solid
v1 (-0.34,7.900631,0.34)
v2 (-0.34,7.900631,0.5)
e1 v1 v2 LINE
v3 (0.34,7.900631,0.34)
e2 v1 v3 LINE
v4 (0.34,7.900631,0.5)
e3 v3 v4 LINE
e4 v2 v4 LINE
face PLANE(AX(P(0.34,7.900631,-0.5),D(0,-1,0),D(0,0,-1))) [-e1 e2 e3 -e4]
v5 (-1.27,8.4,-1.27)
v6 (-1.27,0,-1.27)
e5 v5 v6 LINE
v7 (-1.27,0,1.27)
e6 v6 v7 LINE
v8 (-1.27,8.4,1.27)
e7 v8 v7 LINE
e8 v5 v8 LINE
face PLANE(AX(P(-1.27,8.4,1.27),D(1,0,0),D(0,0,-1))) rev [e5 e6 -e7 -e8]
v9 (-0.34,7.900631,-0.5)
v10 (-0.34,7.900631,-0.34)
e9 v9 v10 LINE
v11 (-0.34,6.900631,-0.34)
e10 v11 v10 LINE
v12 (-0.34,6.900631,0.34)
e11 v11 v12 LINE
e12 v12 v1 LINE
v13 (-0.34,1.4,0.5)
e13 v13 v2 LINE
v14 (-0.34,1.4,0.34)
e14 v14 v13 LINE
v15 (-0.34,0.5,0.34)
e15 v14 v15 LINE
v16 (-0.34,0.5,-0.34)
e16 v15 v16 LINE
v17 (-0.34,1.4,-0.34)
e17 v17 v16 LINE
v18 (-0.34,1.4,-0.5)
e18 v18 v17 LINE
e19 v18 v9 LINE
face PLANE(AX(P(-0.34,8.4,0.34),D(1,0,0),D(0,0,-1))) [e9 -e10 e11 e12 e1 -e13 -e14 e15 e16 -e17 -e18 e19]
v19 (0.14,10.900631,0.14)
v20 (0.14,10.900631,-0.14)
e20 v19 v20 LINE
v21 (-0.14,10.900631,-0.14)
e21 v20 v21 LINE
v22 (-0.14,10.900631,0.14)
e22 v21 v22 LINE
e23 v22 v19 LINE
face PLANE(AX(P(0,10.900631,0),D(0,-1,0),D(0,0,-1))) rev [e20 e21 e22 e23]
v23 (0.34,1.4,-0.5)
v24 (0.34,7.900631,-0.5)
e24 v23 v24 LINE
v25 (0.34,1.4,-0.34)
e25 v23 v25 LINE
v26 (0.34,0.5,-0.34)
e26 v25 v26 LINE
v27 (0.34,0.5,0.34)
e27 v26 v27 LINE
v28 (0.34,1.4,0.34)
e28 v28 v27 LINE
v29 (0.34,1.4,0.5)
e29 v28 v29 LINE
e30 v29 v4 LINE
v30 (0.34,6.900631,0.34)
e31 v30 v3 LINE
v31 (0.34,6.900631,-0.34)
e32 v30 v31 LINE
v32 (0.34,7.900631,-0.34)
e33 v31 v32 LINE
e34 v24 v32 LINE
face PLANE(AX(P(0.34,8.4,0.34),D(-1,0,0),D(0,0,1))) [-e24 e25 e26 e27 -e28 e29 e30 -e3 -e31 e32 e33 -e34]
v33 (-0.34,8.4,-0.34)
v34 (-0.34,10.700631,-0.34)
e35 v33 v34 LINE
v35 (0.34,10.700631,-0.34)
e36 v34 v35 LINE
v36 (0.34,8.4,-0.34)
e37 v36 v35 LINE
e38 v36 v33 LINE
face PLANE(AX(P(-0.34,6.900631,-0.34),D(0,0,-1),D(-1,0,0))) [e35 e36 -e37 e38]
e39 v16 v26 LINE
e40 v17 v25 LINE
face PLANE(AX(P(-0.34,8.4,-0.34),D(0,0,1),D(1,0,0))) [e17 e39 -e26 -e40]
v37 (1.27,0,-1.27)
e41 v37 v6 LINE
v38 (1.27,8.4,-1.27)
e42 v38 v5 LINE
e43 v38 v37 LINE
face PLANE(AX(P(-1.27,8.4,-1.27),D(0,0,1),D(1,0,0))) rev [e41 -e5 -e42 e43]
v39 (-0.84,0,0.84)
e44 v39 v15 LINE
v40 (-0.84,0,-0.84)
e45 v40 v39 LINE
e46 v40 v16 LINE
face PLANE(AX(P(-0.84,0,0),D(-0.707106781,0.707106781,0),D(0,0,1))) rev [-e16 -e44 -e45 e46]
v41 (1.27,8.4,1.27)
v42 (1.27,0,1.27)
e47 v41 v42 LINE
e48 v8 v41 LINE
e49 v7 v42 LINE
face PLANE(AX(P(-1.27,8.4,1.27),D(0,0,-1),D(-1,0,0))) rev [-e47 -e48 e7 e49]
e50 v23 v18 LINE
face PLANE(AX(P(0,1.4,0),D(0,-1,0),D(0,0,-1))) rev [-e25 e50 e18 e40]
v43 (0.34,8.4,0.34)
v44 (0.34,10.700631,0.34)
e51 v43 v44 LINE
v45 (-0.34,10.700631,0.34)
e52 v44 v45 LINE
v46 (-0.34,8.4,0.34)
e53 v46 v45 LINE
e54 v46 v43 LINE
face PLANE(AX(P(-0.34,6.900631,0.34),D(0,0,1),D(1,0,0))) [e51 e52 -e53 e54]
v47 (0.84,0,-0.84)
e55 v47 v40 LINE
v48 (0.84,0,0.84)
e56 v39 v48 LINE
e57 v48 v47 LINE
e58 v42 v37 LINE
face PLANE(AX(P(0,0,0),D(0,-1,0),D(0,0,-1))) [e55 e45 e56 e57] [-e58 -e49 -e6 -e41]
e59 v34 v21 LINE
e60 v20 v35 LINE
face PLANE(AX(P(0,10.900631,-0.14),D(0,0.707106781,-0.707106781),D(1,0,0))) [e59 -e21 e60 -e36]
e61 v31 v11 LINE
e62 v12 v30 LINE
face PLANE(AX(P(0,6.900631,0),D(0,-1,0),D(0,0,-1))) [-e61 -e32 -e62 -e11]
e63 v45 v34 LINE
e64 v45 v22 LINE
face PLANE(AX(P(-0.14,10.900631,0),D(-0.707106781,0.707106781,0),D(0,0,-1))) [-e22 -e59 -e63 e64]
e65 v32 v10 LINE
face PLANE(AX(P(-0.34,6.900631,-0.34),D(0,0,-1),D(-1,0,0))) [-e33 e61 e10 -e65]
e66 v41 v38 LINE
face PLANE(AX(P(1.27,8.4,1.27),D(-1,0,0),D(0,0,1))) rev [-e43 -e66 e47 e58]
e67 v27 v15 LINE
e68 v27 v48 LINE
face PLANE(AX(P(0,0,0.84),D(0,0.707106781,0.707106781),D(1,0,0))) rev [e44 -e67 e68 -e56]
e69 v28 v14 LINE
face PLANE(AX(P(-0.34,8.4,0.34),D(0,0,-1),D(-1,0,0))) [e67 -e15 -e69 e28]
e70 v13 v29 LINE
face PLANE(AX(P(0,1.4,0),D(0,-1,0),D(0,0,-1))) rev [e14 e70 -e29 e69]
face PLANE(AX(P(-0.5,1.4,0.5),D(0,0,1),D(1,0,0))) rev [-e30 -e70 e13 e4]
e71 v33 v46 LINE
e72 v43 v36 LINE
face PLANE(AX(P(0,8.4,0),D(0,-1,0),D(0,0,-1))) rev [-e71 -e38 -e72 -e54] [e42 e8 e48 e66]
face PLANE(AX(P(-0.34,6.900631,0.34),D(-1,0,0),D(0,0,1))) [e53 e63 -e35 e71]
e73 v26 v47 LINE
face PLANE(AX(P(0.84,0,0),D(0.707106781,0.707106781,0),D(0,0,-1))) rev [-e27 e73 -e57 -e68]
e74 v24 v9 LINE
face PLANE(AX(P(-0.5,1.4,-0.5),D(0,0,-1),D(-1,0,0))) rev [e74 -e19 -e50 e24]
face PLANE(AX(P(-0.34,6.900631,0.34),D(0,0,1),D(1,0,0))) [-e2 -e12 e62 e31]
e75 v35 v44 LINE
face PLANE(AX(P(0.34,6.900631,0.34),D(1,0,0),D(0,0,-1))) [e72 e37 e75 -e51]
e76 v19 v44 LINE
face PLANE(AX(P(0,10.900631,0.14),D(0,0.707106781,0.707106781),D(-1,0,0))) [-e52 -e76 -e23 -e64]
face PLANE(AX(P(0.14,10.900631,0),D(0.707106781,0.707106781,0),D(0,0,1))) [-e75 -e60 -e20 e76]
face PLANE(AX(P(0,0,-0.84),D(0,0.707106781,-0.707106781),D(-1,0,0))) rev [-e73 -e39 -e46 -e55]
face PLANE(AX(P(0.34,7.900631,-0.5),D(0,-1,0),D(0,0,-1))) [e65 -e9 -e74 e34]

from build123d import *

# Parameters (mm, degrees)
SKETCH1_W                = 2.54
SKETCH1_H                = 2.54
SKETCH1_W_2              = 0.68
SKETCH1_H_2              = 0.68
BOSS_EXTRUDE1_DEPTH      = 8.4
SKETCH2_W                = 1
SKETCH2_H                = 1
CUT_EXTRUDE1_DEPTH       = 7
CHAMFER1_SIZE            = 0.5
BOSS_EXTRUDE2_DEPTH      = 0.5
BOSS_EXTRUDE2_DEPTH_BACK = 0.5
SKETCH4_W                = 0.16
SKETCH4_H                = 6.500631374
BOSS_EXTRUDE3_DEPTH      = 3
BOSS_EXTRUDE3_DEPTH_BACK = 1
SKETCH7_W                = 0.68
SKETCH7_H                = 0.68
SKETCH8_W                = 1
SKETCH8_H                = 1
SKETCH8_W_2              = 0.68
SKETCH8_H_2              = 0.68
BOSS_EXTRUDE4_DEPTH      = 0.499368626
CHAMFER2_SIZE            = 0.2


with BuildPart() as part:
    # Sketch1 → Boss-Extrude1 (new body)
    with BuildSketch(Plane(origin=(0, 0, 0), x_dir=(1, 0, 0), z_dir=(0, 1, 0))):
        Rectangle(SKETCH1_W, SKETCH1_H)
        Rectangle(SKETCH1_W_2, SKETCH1_H_2, mode=Mode.SUBTRACT)
    extrude(amount=BOSS_EXTRUDE1_DEPTH)

    # Sketch2 → Cut-Extrude1 (cut)
    with BuildSketch(Plane(origin=(0, 8.4, 0), x_dir=(1, 0, 0), z_dir=(0, 1, 0))):
        Rectangle(SKETCH2_W, SKETCH2_H)
    extrude(amount=-CUT_EXTRUDE1_DEPTH, mode=Mode.SUBTRACT)

    # Chamfer1
    chamfer1_edges = [part.edges().sort_by_distance(p)[0] for p in [
        (0.34, 0, 0),
        (0, 0, -0.34),
        (-0.34, 0, 0),
        (0, 0, 0.34),
    ]]
    chamfer(chamfer1_edges, length=CHAMFER1_SIZE)

    # Sketch4 → Boss-Extrude2 (add, two sides: drawn at the far end of the back side and taken through both)
    with BuildSketch(Plane.XY.offset(-BOSS_EXTRUDE2_DEPTH_BACK)):
        with Locations((-0.42, 4.650315687)):
            Rectangle(SKETCH4_W, SKETCH4_H)
        with Locations((0.42, 4.650315687)):
            Rectangle(SKETCH4_W, SKETCH4_H)
    extrude(amount=BOSS_EXTRUDE2_DEPTH + BOSS_EXTRUDE2_DEPTH_BACK)

    # Sketch7 → Boss-Extrude3 (add, two sides: drawn at the far end of the back side and taken through both)
    with BuildSketch(Plane(origin=(0, 7.900631374, 0), x_dir=(1, 0, 0), z_dir=(0, 1, 0)).offset(-BOSS_EXTRUDE3_DEPTH_BACK)):
        Rectangle(SKETCH7_W, SKETCH7_H)
    extrude(amount=BOSS_EXTRUDE3_DEPTH + BOSS_EXTRUDE3_DEPTH_BACK)

    # Sketch8 → Boss-Extrude4 (add)
    with BuildSketch(Plane(origin=(0, 8.4, 0), x_dir=(1, 0, 0), z_dir=(0, 1, 0))):
        Rectangle(SKETCH8_W, SKETCH8_H)
        Rectangle(SKETCH8_W_2, SKETCH8_H_2, mode=Mode.SUBTRACT)
    extrude(amount=-BOSS_EXTRUDE4_DEPTH)

    # Chamfer2
    chamfer2_edges = [part.edges().sort_by_distance(p)[0] for p in [
        (0.34, 10.900631374, 0),
        (0, 10.900631374, -0.34),
        (-0.34, 10.900631374, 0),
        (0, 10.900631374, 0.34),
    ]]
    chamfer(chamfer2_edges, length=CHAMFER2_SIZE)


solid = part.part
